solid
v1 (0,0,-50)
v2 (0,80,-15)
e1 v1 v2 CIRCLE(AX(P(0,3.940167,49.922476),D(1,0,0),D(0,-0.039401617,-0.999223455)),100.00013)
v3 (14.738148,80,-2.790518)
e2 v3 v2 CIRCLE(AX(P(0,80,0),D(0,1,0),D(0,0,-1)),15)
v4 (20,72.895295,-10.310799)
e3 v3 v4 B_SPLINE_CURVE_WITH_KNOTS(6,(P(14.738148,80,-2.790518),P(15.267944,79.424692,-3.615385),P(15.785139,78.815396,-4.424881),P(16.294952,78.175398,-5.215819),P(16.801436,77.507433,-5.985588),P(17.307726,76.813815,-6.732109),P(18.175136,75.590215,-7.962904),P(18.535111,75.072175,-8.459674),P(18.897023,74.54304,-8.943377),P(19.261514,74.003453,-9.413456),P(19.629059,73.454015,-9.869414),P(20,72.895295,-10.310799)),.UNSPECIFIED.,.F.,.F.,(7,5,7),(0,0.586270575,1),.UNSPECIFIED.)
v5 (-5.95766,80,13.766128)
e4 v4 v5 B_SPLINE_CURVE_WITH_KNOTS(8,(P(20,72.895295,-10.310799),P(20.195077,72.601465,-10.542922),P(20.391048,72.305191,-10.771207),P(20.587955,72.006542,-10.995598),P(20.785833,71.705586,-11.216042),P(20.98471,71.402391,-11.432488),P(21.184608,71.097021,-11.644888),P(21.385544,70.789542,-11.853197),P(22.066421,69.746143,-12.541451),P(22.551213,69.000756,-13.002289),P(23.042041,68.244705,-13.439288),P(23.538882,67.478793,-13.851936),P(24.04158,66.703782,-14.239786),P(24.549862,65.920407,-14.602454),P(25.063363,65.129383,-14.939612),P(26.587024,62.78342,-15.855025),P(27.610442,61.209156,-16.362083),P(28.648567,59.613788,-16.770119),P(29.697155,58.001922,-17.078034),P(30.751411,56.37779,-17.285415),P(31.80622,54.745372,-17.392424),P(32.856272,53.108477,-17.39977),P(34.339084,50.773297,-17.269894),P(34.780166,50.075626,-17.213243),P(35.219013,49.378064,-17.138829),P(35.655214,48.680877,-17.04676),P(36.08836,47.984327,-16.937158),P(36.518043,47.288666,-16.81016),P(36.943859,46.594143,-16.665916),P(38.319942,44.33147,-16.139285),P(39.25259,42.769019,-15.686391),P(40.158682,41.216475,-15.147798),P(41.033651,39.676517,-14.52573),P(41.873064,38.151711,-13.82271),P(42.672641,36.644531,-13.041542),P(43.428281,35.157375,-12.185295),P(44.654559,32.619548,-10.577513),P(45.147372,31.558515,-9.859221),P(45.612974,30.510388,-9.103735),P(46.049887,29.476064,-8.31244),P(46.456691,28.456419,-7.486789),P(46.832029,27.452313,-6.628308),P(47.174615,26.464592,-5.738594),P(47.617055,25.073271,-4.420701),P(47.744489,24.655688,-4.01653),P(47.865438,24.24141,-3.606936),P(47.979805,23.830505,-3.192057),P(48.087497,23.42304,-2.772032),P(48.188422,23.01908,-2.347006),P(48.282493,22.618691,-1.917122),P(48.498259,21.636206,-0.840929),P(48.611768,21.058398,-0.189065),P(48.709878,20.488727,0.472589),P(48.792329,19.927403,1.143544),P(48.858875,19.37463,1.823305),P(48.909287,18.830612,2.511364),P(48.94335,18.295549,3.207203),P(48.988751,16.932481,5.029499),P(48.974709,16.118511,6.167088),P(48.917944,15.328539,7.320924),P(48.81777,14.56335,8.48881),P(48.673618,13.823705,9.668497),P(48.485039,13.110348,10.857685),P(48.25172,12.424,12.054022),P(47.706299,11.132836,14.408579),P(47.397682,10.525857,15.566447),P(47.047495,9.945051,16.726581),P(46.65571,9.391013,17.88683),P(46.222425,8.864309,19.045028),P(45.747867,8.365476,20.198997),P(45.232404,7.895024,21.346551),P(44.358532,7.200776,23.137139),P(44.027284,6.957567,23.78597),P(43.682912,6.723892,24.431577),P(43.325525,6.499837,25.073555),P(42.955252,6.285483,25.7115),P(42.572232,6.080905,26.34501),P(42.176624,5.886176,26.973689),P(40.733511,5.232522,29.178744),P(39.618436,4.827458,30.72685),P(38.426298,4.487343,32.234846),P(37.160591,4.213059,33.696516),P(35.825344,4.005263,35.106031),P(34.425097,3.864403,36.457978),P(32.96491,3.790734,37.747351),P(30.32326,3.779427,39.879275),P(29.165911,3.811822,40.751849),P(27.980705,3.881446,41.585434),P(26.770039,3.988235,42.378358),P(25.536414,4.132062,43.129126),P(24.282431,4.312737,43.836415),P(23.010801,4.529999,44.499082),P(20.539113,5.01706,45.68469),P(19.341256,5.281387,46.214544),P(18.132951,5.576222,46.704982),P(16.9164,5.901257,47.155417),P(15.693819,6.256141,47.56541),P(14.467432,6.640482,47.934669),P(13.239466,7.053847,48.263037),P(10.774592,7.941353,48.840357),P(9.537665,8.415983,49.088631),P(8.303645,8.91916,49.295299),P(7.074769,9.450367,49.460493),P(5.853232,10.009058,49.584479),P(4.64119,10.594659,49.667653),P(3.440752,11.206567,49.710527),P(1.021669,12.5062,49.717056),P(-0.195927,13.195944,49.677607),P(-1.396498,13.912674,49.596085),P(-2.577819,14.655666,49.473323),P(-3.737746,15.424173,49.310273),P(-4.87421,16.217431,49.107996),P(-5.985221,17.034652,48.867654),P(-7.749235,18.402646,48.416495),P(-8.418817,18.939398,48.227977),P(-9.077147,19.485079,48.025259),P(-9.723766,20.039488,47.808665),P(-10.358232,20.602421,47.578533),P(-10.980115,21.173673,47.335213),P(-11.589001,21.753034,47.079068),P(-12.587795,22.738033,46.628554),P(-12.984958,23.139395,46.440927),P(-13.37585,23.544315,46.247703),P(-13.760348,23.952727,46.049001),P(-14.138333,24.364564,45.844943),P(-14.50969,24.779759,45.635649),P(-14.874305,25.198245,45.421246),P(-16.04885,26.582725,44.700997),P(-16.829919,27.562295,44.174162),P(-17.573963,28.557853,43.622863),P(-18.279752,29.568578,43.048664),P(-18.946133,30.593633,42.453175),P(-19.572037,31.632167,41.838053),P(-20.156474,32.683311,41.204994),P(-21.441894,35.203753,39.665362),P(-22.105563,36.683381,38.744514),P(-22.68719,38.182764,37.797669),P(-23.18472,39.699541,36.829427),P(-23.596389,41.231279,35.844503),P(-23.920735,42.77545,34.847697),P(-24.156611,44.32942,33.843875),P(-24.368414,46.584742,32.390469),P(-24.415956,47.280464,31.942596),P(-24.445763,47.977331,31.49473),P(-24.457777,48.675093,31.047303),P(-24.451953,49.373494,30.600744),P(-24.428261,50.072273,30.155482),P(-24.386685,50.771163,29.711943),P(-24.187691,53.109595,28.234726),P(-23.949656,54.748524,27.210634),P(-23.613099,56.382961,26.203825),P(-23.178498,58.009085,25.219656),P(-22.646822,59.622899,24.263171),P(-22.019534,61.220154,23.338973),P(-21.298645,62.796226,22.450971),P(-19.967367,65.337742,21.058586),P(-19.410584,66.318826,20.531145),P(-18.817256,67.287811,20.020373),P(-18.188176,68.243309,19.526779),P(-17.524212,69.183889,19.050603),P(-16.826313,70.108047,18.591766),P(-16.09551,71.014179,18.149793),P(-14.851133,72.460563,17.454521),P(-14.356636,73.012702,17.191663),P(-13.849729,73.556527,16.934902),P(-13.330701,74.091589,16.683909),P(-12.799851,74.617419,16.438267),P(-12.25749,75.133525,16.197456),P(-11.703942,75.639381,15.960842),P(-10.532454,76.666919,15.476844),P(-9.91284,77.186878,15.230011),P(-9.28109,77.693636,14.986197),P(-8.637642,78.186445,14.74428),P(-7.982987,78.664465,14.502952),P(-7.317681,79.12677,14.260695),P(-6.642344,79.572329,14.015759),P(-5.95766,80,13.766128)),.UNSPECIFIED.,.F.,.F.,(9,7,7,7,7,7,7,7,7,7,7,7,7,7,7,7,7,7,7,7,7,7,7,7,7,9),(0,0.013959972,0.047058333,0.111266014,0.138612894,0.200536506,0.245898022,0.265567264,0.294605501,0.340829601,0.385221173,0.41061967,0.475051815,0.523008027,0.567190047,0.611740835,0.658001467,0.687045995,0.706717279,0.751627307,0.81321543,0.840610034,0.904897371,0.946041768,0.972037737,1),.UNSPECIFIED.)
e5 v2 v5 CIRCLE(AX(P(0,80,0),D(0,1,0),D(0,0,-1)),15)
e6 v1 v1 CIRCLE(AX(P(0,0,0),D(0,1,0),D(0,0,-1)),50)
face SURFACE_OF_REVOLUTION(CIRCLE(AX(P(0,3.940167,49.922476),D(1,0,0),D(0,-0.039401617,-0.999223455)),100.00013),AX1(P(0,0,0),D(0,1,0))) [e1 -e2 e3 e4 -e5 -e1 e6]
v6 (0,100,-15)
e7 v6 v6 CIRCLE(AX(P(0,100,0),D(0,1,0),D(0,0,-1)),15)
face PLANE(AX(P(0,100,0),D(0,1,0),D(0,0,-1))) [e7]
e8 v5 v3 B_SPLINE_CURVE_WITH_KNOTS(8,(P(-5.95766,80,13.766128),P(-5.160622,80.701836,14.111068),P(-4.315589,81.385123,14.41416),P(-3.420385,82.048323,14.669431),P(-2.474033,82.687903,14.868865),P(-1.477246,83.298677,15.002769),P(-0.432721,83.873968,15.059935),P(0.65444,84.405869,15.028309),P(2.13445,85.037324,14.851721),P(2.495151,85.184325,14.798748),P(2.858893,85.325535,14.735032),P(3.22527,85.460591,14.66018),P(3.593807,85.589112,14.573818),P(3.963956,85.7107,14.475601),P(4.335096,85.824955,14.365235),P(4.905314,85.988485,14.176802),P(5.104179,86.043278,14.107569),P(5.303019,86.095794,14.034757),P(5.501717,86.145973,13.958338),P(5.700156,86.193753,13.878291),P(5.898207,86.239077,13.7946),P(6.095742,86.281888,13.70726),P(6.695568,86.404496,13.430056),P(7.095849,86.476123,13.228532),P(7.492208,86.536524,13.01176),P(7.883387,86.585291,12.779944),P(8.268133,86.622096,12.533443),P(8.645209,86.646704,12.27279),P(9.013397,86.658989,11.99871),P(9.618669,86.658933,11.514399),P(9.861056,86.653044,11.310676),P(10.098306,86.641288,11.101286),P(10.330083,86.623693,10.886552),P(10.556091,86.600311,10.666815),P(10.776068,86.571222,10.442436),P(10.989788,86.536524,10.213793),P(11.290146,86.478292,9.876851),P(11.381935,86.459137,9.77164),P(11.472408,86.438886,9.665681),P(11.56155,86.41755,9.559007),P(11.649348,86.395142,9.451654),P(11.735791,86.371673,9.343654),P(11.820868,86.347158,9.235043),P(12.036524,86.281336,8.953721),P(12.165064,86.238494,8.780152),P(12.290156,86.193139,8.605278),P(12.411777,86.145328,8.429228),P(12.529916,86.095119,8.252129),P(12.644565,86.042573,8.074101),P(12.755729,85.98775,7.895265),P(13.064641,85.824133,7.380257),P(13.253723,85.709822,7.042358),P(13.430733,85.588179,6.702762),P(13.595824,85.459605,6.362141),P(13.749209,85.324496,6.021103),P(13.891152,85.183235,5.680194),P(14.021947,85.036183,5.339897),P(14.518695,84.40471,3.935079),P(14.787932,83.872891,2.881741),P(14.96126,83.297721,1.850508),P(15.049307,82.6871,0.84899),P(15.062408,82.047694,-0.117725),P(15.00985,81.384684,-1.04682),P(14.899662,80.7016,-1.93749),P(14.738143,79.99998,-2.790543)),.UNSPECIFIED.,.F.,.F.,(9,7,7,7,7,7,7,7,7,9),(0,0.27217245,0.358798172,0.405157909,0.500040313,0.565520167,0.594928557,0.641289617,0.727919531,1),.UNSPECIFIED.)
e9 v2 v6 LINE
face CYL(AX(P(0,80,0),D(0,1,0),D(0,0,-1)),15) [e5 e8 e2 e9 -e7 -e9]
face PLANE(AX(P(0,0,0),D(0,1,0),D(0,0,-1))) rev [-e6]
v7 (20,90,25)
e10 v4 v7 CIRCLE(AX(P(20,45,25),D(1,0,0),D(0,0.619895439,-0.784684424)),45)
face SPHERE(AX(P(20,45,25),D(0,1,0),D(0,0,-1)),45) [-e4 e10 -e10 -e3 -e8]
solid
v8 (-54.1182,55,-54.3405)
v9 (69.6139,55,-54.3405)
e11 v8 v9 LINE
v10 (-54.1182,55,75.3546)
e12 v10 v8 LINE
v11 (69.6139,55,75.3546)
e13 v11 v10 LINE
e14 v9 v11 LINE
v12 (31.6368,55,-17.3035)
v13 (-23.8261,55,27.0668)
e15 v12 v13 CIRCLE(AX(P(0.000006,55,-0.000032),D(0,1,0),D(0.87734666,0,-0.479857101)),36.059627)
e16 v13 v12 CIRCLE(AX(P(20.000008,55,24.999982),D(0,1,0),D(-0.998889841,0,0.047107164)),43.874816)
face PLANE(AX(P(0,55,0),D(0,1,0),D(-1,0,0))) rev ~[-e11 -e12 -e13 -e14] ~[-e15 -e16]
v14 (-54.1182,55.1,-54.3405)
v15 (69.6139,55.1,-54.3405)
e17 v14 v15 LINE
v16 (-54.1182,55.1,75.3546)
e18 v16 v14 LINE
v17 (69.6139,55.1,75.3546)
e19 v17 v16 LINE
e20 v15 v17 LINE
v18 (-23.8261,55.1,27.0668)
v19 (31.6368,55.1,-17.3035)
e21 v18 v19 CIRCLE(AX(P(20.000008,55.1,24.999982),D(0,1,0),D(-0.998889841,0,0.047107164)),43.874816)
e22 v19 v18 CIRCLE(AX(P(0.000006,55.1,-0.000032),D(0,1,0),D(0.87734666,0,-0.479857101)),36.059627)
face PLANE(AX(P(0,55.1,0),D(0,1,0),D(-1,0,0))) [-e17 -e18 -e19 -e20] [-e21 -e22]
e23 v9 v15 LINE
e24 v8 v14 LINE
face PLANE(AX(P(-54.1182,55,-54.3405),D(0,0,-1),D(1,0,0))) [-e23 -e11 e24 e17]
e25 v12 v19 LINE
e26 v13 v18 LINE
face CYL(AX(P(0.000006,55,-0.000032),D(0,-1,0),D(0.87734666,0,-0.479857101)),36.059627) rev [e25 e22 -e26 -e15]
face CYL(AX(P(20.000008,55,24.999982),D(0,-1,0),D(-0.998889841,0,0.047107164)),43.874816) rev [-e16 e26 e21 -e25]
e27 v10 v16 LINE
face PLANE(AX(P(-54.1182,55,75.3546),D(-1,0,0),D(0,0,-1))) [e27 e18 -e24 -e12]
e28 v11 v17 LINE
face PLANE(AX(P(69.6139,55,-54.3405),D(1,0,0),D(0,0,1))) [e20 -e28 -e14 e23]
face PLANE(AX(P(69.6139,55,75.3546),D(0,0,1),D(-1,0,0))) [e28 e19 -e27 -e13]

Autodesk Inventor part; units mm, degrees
ref_plane "XY Plane" through (0, 0, 0) normal (0, 0, 1) x (1, 0, 0)
sketch "Эскиз1" plane through (0, 0, 0) normal (1, 0, 0) x (0, 1, 0)
  line L0 (0, 0) -> (0, -50)
  line L1 (80, 0) -> (80, -15)
  line L2 (80, -15) -> (100, -15)
  line L3 (100, -15) -> (100, 0)
  line L4 (0, 0) -> (80, 0)
  arc A0 (0, -50) -> (80, -15) centre (3.9402, 49.9223) ccw
  line L5 (100, 0) -> (80, 0)
  dimension "d0" = 50
  dimension "d2" = 15
  dimension "d3" = 20
  dimension "d4" = 100
revolve "Вращение1" add sketch "Эскиз1" angle 360 about axis through (0, 0, 0) along (0, 1, 0)
ref_plane "РабПлоскость1" through (20, 0, 0) normal (1, 0, 0) x (0, 1, 0)
sketch "Эскиз2" plane through (20, 0, 0) normal (1, 0, 0) x (0, 1, 0)
  line L0 (80, -15) -> (80, 15) projected
  line L1 (0, -50) -> (0, 50) projected
  line L2 (0, 25) -> (45, 25)
  arc A0 (0, 25) -> (90, 25) centre (45, 25) ccw
  line L3 (0, 25) -> (90, 25)
  point P0 (0, 0)
revolve "Вращение2" add sketch "Эскиз2" angle 360 about axis through (20, 0, 25) along (0, 1, 0)
ref_plane "РабПлоскость2" through (0, 55, 0) normal (0, 1, 0) x (-1, 0, 0)
split_face "Разделение1"
sketch "Эскиз3" plane through (0, 55, 0) normal (0, 1, 0) x (-1, 0, 0)
  point P0 (0, 0)
sketch "Эскиз4" plane through (0, 55, 0) normal (0, 1, 0) x (-1, 0, 0)
  arc A0 (-31.6368, -17.3035) -> (23.8261, 27.0668) centre (0, 0) ccw projected
  arc A1 (23.8261, 27.0668) -> (-31.6368, -17.3035) centre (-20, 25) ccw projected
  arc A2 (-31.6368, -17.3035) -> (23.8261, 27.0668) centre (0, 0) ccw projected
  arc A3 (-14.7381, -2.7905) -> (5.9577, 13.7661) centre (0, 0) ccw projected
  line L0 (54.1182, 75.3546) -> (54.1182, -54.3405)
  line L1 (54.1182, -54.3405) -> (-69.6139, -54.3405)
  line L2 (-69.6139, -54.3405) -> (-69.6139, 75.3546)
  line L3 (-69.6139, 75.3546) -> (54.1182, 75.3546)
  point P0 (23.8261, 27.0668)
  point P1 (-31.6368, -17.3035)
extrude "Выдавливание1" add sketch "Эскиз4" along normal blind 0.1 separate body
properties part number "Друк 521703 lab2"
